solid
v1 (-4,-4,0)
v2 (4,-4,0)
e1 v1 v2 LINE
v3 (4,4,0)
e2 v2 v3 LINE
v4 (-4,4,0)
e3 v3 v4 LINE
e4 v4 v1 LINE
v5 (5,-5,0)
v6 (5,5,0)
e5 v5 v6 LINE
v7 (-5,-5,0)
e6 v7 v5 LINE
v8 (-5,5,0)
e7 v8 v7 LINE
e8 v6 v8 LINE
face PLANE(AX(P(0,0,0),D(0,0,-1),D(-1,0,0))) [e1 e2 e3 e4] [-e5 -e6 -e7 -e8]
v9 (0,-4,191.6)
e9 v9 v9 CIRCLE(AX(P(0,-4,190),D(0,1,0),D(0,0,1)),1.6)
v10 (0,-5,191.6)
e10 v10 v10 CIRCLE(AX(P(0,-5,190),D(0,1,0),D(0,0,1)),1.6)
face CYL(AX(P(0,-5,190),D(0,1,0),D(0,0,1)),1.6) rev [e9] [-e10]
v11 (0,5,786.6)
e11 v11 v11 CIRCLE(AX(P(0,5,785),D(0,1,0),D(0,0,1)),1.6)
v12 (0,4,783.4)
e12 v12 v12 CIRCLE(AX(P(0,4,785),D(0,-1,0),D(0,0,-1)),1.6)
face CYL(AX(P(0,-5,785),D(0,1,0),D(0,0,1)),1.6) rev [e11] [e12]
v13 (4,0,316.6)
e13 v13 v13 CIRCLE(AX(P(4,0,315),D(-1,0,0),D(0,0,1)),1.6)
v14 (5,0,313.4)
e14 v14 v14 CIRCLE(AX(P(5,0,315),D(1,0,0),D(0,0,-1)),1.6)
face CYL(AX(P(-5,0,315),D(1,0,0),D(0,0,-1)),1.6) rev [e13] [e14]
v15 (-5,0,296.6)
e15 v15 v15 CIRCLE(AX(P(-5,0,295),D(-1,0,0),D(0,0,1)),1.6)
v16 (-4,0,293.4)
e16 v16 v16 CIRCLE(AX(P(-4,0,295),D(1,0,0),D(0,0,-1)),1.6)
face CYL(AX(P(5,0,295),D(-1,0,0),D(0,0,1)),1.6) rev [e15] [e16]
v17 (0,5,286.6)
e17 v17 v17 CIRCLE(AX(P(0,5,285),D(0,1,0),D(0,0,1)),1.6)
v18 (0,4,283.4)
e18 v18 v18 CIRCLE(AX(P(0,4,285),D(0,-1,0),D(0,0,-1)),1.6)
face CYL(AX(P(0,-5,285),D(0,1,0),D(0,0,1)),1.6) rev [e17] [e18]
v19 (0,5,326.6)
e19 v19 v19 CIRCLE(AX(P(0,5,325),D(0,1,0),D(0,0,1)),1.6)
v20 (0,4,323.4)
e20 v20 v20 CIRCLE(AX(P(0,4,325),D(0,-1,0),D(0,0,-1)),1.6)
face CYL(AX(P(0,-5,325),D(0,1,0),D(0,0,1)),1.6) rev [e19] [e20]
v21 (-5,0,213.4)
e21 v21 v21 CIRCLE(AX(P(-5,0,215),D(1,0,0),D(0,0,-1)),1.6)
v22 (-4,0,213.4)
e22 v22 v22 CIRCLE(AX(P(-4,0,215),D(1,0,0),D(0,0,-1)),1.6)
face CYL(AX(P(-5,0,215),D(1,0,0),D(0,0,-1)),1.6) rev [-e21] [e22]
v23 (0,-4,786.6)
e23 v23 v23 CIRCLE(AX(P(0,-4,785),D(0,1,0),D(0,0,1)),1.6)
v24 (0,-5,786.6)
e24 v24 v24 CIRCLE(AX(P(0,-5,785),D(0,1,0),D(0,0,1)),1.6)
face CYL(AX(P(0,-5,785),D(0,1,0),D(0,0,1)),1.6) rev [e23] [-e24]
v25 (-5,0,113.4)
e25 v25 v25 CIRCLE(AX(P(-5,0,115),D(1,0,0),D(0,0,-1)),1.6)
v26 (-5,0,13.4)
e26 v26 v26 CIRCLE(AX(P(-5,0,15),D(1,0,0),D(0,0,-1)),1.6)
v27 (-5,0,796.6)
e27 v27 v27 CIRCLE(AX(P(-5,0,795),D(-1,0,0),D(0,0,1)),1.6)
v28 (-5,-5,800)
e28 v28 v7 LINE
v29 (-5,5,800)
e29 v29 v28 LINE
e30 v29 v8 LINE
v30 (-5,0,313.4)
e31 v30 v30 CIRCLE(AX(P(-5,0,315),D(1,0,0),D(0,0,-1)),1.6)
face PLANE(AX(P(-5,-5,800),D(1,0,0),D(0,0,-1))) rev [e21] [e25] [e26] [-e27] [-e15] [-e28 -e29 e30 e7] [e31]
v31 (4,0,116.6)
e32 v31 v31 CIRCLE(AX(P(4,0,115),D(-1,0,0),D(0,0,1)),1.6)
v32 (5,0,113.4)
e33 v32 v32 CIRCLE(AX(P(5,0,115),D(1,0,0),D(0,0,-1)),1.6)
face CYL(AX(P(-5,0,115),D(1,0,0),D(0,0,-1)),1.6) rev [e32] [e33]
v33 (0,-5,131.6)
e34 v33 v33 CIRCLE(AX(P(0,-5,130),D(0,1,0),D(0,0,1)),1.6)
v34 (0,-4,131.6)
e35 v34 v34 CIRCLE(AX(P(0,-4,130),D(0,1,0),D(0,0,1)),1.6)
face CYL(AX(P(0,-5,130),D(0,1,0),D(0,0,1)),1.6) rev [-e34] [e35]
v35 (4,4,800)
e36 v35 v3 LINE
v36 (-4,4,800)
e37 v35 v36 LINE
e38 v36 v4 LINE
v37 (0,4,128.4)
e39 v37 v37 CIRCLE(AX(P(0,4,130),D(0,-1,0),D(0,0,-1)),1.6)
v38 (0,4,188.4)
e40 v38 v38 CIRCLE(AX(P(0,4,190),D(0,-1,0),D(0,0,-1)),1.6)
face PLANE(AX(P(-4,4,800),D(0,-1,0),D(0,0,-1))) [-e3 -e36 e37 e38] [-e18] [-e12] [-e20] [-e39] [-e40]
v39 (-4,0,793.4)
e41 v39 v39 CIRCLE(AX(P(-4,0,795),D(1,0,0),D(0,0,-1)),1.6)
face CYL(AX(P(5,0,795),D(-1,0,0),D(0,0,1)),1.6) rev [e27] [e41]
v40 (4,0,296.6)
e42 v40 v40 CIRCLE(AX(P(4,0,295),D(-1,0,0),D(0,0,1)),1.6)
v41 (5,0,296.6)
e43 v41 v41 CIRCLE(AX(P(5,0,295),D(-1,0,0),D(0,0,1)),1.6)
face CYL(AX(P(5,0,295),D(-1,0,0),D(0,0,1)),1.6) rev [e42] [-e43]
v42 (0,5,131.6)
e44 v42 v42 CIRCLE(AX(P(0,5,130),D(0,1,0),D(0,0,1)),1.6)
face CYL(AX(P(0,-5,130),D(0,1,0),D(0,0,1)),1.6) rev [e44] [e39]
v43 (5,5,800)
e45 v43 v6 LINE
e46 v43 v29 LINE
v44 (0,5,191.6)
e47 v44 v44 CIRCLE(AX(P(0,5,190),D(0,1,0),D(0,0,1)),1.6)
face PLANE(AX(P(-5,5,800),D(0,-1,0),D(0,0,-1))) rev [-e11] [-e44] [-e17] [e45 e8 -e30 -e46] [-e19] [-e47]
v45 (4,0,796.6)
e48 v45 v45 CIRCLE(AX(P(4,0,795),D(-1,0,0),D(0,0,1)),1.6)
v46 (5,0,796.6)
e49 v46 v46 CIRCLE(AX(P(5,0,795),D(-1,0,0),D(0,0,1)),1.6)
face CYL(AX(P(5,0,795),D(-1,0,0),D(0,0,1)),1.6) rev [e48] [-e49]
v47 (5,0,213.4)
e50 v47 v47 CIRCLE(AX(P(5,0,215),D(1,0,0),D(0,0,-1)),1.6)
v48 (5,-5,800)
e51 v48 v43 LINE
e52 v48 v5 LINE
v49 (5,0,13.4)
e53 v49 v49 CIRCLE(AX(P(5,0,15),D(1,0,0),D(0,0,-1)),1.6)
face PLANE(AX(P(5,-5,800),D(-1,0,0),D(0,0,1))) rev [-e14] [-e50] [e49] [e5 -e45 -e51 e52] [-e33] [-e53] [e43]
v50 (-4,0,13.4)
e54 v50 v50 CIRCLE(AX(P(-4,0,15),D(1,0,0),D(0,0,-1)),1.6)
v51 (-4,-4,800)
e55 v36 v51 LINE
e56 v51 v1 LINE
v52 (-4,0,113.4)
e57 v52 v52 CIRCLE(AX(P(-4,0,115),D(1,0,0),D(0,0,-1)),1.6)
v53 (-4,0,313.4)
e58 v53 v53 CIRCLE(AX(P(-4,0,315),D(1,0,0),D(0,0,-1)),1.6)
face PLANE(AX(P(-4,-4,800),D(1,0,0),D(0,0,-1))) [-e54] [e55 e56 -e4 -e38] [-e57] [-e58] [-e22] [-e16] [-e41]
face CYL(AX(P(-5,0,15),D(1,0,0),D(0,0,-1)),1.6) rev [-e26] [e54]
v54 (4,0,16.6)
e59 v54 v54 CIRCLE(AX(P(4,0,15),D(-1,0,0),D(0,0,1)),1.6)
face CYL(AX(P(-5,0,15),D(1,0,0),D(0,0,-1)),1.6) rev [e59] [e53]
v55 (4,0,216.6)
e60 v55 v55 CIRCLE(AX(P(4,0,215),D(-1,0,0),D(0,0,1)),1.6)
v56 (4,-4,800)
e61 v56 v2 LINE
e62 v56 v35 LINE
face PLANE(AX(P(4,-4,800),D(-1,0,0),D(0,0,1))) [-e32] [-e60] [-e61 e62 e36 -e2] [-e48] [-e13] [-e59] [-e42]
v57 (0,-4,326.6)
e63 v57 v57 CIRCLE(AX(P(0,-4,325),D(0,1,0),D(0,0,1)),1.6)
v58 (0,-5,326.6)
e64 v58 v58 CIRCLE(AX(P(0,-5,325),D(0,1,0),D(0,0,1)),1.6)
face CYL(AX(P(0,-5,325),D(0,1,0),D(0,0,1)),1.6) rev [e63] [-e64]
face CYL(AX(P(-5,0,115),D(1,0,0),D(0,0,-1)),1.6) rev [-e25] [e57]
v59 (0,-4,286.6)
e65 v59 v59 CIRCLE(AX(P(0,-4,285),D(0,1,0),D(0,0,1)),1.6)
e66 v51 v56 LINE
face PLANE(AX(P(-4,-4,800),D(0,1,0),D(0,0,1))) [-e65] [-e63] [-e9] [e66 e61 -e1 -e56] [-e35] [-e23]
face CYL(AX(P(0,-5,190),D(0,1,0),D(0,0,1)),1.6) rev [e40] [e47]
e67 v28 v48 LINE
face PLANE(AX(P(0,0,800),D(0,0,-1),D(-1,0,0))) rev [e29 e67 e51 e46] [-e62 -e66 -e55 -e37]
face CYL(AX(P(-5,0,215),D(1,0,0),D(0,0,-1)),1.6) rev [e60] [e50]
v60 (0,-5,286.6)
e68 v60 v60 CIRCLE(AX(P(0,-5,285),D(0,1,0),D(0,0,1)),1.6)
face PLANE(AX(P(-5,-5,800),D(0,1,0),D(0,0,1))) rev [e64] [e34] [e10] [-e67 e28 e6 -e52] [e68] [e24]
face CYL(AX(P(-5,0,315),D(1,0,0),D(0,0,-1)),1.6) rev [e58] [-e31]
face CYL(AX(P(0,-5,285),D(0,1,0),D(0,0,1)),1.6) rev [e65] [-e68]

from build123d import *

# Parameters (mm, degrees)
SKETCH_1_W             = 10
SKETCH_1_H             = 10
SKETCH_1_W_2           = 8
SKETCH_1_H_2           = 8
EXTRUDE_1_DEPTH        = 800
SKETCH_3_R             = 1.6
CUT_EXTRUDE_2_DEPTH    = 801.078121186
SKETCH_4_R             = 1.6
CUT_EXTRUDE_3_DEPTH    = 801.078121186
SKETCH_5_R             = 1.6
CUT_EXTRUDE_4_DEPTH    = 801.078121186
PATTERN_LINEAR_1_COUNT = 4
PATTERN_LINEAR_1_PITCH = 100


with BuildPart() as part:
    # ｽｹｯﾁ1 → ﾎﾞｽ - 押し出し1 (new body)
    with BuildSketch(Plane.XY):
        Rectangle(SKETCH_1_W, SKETCH_1_H)
        Rectangle(SKETCH_1_W_2, SKETCH_1_H_2, mode=Mode.SUBTRACT)
    extrude(amount=EXTRUDE_1_DEPTH)

    # ｽｹｯﾁ3 → ｶｯﾄ - 押し出し2 (cut, through all)
    with BuildSketch(Plane(origin=(0, 5, 0), x_dir=(1, 0, 0), z_dir=(0, 1, 0))):
        with Locations(Location((0, -785, 0), (0, 0, 270))):
            Circle(SKETCH_3_R)
        with Locations(Location((0, -190, 0), (0, 0, 270))):
            Circle(SKETCH_3_R)
        with Locations(Location((0, -130, 0), (0, 0, 270))):
            Circle(SKETCH_3_R)
        with Locations(Location((0, -325, 0), (0, 0, 270))):
            Circle(SKETCH_3_R)
        with Locations(Location((0, -285, 0), (0, 0, 270))):
            Circle(SKETCH_3_R)
    extrude(amount=-CUT_EXTRUDE_2_DEPTH, mode=Mode.SUBTRACT)

    # ｽｹｯﾁ4 → ｶｯﾄ - 押し出し3 (cut, through all)
    with BuildSketch(Plane.ZY.offset(5)):
        with Locations((795, 0)):
            Circle(SKETCH_4_R)
        with Locations((295, 0)):
            Circle(SKETCH_4_R)
    extrude(amount=-CUT_EXTRUDE_3_DEPTH, mode=Mode.SUBTRACT)

    # ｽｹｯﾁ5 → ｶｯﾄ - 押し出し4 (cut, through all)
    with BuildSketch(Plane(origin=(5, 0, 0), x_dir=(0, 0, -1), z_dir=(1, 0, 0))):
        with Locations((-15, 0)):
            Circle(SKETCH_5_R)
    cut_extrude_4 = extrude(amount=-CUT_EXTRUDE_4_DEPTH, mode=Mode.SUBTRACT)

    # 直線ﾊﾟﾀｰﾝ1: ｶｯﾄ - 押し出し4 ×4
    with Locations(*[(0, 0, i * PATTERN_LINEAR_1_PITCH) for i in range(1, PATTERN_LINEAR_1_COUNT)]):
        add(cut_extrude_4, mode=Mode.SUBTRACT)


solid = part.part
